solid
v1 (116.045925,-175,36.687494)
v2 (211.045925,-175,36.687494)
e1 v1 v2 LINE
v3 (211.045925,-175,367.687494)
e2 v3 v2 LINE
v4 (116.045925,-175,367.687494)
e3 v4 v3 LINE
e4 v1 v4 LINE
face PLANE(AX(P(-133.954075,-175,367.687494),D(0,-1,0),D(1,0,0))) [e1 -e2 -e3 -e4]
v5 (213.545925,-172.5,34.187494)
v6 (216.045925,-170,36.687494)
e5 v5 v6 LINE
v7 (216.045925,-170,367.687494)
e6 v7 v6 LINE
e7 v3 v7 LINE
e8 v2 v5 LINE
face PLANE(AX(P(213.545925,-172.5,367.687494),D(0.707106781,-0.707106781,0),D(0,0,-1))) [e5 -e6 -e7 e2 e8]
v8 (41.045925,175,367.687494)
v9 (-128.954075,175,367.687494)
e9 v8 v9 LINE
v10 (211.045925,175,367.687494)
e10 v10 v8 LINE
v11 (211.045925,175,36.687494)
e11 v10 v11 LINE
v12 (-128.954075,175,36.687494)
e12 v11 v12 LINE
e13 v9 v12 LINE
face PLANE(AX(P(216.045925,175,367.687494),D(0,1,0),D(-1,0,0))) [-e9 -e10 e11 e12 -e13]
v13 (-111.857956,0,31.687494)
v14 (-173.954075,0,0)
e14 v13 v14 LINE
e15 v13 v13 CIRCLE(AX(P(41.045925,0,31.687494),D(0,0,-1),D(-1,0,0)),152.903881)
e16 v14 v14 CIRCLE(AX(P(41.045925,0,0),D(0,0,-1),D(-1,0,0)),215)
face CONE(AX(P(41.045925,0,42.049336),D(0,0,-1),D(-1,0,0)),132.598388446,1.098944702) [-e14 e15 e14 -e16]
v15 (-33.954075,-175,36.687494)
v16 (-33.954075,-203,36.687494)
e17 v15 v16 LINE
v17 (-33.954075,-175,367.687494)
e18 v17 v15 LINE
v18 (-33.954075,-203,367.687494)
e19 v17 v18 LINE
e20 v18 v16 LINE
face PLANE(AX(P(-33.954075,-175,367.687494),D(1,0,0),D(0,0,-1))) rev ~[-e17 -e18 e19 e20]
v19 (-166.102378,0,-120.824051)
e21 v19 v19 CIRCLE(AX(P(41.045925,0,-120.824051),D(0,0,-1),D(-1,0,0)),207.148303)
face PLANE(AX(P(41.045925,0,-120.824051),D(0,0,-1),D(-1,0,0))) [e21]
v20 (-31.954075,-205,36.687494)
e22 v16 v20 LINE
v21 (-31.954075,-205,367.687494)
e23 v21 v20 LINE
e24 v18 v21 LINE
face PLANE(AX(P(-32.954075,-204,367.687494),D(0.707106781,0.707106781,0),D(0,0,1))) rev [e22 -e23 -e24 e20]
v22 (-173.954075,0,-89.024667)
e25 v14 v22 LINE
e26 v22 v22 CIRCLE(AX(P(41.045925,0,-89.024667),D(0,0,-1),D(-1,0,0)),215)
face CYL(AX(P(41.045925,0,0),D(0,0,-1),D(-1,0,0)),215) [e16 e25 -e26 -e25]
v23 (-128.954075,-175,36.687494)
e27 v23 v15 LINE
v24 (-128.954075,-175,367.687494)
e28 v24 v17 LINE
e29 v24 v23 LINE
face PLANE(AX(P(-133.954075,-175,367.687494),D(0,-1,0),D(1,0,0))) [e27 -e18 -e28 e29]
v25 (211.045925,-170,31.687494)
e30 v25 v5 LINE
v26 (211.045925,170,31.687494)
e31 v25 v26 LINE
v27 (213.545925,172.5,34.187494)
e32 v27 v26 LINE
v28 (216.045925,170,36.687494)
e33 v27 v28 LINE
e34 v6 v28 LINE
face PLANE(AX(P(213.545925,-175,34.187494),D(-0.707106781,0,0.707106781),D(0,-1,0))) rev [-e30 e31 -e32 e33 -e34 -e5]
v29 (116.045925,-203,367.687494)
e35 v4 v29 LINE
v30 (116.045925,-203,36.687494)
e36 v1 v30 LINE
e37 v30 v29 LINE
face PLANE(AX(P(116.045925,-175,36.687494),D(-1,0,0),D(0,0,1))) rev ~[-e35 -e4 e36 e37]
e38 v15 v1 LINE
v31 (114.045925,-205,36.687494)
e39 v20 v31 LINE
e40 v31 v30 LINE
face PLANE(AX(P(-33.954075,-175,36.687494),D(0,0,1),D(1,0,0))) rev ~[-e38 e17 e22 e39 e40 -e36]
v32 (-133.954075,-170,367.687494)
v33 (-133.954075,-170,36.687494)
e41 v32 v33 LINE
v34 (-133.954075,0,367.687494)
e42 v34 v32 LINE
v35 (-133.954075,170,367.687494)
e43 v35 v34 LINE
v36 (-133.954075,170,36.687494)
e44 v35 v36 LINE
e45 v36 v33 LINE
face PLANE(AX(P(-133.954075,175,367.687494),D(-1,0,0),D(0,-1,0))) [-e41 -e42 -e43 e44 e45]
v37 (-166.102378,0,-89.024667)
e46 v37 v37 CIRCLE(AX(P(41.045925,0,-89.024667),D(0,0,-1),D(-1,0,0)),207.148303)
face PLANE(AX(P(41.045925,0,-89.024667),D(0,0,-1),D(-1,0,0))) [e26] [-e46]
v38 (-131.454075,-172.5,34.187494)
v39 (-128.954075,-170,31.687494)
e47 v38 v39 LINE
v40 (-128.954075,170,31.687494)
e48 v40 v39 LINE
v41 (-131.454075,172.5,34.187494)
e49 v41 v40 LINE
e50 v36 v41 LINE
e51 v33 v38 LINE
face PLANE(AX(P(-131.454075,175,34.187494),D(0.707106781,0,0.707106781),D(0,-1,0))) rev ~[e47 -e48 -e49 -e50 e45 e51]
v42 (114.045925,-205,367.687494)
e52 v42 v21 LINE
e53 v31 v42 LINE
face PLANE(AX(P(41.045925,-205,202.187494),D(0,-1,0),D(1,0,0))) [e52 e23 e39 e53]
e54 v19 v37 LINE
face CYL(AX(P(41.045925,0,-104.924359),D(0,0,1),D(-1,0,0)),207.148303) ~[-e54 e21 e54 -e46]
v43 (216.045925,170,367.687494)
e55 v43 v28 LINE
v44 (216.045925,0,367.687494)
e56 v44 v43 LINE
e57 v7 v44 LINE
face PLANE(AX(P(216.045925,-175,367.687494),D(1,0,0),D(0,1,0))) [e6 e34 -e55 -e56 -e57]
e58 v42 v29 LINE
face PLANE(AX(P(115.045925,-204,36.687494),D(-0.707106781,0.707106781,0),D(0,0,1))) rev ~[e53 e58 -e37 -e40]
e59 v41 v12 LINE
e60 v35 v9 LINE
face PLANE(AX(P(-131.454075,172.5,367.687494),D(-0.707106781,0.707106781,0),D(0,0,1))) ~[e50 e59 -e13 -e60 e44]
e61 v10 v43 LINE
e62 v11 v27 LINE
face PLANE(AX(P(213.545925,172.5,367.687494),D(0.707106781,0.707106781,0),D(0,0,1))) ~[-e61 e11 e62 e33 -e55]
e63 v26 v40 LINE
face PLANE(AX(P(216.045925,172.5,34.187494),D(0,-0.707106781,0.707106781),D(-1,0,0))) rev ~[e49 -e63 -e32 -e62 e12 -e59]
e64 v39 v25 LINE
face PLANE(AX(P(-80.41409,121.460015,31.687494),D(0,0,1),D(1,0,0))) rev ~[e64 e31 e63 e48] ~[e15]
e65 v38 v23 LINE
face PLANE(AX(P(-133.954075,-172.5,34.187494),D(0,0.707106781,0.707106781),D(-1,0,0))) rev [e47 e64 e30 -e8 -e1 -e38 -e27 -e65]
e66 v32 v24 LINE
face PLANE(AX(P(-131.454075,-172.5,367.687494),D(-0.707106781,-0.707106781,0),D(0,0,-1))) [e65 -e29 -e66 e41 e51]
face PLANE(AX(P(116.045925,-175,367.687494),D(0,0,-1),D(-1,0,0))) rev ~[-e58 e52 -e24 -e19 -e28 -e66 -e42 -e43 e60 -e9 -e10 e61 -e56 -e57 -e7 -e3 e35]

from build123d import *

# Parameters (mm, degrees)
F0_W     = 215
F0_H     = 34.0627696488
F0_W_2   = 207.1483027775
F0_H_2   = 31.7993836311
F3_DEPTH = 336
F4_SIZE  = 5
F5_SIZE  = 5
F7_DEPTH = 30
F8_SIZE  = 2


with BuildPart() as f1:
    # F0 (on Front) → F1 (revolve)
    with BuildSketch(Plane.XZ):
        Polygon((-91.5524632784, 42.0493356358), (41.045925168, 42.0493356358), (41.045925168, 171.5008825727), (41.045925168, 367.6874935627), (-133.954074832, 367.6874935627), (-133.954074832, 42.0493356358), align=None)
        Polygon((-173.954074832, 0), (41.045925168, 0), (41.045925168, 42.0493356358), (-91.5524632784, 42.0493356358), align=None)
        with Locations((-66.454074832, -17.0313848244)):
            Rectangle(F0_W, F0_H)
        Polygon((-173.954074832, -89.0246674962), (-166.1023776095, -89.0246674962), (41.045925168, -89.0246674962), (41.045925168, -34.0627696488), (-173.954074832, -34.0627696488), align=None)
        with Locations((-62.5282262207, -104.9243593118)):
            Rectangle(F0_W_2, F0_H_2)
    revolve(axis=Axis((41.045925168, 0, -11.5101449135), (0, 0, -1)))

    # F2 (on face) → F3 (join)
    with BuildSketch(Plane.XY.offset(367.6874935627)):
        with BuildLine():
            Line((41.045925296, 175), (-133.954074832, 175))
            Line((-133.954074832, 175), (-133.954074832, -4.69e-07))
            ThreePointArc((-133.954074832, -4.69e-07), (-82.6977616602, 123.7436865871), (41.045925296, 175))
        make_face()
        with BuildLine():
            ThreePointArc((216.045925168, 0), (164.7896119209, 123.7436866624), (41.045925296, 175))
            ThreePointArc((41.045925296, 175), (-82.6977616602, 123.7436865871), (-133.954074832, -4.69e-07))
            ThreePointArc((-133.954074832, -4.69e-07), (-82.6977616199, -123.7436866274), (41.0459244719, -175))
            ThreePointArc((41.0459244719, -175), (164.7896116296, -123.7436869538), (216.045925168, 0))
        make_face()
        with BuildLine():
            Line((216.045925168, 175), (41.045925296, 175))
            ThreePointArc((41.045925296, 175), (164.7896119209, 123.7436866624), (216.045925168, 0))
            Line((216.045925168, 0), (216.045925168, 175))
        make_face()
        with BuildLine():
            Line((216.045925168, -175), (216.045925168, 0))
            ThreePointArc((216.045925168, 0), (164.7896116296, -123.7436869538), (41.0459244719, -175))
            Line((41.0459244719, -175), (216.045925168, -175))
        make_face()
        with BuildLine():
            ThreePointArc((41.0459244719, -175), (-82.6977616199, -123.7436866274), (-133.954074832, -4.69e-07))
            Line((-133.954074832, -4.69e-07), (-133.954074832, -175))
            Line((-133.954074832, -175), (41.0459244719, -175))
        make_face()
    extrude(amount=-F3_DEPTH)

    # F4
    f4_edges = [f1.edges().sort_by_distance(p)[0] for p in [
        (41.045925, 175, 31.687494),
        (-133.954075, 0, 31.687494),
        (216.045925, 0, 31.687494),
        (41.045925, -175, 31.687494),
    ]]
    chamfer(f4_edges, length=F4_SIZE)

    # F5
    f5_edges = [f1.edges().sort_by_distance(p)[0] for p in [
        (216.045925, 175, 202.187494),
        (216.045925, -175, 202.187494),
        (-133.954075, 175, 202.187494),
        (-133.954075, -175, 202.187494),
    ]]
    chamfer(f5_edges, length=F5_SIZE)

    # F6 (on face) → F7 (join)
    with BuildSketch(Plane.XZ.offset(175)):
        Polygon((-33.954074832, 367.6874935627), (-33.954074832, 36.6874935627), (116.045925168, 36.6874935627), (116.045925168, 367.6874935627), (41.0459247854, 367.6874935627), align=None)
    extrude(amount=F7_DEPTH)

    # F8
    f8_edges = [f1.edges().sort_by_distance(p)[0] for p in [
        (-33.954075, -205, 202.187494),
        (116.045925, -205, 202.187494),
    ]]
    chamfer(f8_edges, length=F8_SIZE)


solid = f1.part
